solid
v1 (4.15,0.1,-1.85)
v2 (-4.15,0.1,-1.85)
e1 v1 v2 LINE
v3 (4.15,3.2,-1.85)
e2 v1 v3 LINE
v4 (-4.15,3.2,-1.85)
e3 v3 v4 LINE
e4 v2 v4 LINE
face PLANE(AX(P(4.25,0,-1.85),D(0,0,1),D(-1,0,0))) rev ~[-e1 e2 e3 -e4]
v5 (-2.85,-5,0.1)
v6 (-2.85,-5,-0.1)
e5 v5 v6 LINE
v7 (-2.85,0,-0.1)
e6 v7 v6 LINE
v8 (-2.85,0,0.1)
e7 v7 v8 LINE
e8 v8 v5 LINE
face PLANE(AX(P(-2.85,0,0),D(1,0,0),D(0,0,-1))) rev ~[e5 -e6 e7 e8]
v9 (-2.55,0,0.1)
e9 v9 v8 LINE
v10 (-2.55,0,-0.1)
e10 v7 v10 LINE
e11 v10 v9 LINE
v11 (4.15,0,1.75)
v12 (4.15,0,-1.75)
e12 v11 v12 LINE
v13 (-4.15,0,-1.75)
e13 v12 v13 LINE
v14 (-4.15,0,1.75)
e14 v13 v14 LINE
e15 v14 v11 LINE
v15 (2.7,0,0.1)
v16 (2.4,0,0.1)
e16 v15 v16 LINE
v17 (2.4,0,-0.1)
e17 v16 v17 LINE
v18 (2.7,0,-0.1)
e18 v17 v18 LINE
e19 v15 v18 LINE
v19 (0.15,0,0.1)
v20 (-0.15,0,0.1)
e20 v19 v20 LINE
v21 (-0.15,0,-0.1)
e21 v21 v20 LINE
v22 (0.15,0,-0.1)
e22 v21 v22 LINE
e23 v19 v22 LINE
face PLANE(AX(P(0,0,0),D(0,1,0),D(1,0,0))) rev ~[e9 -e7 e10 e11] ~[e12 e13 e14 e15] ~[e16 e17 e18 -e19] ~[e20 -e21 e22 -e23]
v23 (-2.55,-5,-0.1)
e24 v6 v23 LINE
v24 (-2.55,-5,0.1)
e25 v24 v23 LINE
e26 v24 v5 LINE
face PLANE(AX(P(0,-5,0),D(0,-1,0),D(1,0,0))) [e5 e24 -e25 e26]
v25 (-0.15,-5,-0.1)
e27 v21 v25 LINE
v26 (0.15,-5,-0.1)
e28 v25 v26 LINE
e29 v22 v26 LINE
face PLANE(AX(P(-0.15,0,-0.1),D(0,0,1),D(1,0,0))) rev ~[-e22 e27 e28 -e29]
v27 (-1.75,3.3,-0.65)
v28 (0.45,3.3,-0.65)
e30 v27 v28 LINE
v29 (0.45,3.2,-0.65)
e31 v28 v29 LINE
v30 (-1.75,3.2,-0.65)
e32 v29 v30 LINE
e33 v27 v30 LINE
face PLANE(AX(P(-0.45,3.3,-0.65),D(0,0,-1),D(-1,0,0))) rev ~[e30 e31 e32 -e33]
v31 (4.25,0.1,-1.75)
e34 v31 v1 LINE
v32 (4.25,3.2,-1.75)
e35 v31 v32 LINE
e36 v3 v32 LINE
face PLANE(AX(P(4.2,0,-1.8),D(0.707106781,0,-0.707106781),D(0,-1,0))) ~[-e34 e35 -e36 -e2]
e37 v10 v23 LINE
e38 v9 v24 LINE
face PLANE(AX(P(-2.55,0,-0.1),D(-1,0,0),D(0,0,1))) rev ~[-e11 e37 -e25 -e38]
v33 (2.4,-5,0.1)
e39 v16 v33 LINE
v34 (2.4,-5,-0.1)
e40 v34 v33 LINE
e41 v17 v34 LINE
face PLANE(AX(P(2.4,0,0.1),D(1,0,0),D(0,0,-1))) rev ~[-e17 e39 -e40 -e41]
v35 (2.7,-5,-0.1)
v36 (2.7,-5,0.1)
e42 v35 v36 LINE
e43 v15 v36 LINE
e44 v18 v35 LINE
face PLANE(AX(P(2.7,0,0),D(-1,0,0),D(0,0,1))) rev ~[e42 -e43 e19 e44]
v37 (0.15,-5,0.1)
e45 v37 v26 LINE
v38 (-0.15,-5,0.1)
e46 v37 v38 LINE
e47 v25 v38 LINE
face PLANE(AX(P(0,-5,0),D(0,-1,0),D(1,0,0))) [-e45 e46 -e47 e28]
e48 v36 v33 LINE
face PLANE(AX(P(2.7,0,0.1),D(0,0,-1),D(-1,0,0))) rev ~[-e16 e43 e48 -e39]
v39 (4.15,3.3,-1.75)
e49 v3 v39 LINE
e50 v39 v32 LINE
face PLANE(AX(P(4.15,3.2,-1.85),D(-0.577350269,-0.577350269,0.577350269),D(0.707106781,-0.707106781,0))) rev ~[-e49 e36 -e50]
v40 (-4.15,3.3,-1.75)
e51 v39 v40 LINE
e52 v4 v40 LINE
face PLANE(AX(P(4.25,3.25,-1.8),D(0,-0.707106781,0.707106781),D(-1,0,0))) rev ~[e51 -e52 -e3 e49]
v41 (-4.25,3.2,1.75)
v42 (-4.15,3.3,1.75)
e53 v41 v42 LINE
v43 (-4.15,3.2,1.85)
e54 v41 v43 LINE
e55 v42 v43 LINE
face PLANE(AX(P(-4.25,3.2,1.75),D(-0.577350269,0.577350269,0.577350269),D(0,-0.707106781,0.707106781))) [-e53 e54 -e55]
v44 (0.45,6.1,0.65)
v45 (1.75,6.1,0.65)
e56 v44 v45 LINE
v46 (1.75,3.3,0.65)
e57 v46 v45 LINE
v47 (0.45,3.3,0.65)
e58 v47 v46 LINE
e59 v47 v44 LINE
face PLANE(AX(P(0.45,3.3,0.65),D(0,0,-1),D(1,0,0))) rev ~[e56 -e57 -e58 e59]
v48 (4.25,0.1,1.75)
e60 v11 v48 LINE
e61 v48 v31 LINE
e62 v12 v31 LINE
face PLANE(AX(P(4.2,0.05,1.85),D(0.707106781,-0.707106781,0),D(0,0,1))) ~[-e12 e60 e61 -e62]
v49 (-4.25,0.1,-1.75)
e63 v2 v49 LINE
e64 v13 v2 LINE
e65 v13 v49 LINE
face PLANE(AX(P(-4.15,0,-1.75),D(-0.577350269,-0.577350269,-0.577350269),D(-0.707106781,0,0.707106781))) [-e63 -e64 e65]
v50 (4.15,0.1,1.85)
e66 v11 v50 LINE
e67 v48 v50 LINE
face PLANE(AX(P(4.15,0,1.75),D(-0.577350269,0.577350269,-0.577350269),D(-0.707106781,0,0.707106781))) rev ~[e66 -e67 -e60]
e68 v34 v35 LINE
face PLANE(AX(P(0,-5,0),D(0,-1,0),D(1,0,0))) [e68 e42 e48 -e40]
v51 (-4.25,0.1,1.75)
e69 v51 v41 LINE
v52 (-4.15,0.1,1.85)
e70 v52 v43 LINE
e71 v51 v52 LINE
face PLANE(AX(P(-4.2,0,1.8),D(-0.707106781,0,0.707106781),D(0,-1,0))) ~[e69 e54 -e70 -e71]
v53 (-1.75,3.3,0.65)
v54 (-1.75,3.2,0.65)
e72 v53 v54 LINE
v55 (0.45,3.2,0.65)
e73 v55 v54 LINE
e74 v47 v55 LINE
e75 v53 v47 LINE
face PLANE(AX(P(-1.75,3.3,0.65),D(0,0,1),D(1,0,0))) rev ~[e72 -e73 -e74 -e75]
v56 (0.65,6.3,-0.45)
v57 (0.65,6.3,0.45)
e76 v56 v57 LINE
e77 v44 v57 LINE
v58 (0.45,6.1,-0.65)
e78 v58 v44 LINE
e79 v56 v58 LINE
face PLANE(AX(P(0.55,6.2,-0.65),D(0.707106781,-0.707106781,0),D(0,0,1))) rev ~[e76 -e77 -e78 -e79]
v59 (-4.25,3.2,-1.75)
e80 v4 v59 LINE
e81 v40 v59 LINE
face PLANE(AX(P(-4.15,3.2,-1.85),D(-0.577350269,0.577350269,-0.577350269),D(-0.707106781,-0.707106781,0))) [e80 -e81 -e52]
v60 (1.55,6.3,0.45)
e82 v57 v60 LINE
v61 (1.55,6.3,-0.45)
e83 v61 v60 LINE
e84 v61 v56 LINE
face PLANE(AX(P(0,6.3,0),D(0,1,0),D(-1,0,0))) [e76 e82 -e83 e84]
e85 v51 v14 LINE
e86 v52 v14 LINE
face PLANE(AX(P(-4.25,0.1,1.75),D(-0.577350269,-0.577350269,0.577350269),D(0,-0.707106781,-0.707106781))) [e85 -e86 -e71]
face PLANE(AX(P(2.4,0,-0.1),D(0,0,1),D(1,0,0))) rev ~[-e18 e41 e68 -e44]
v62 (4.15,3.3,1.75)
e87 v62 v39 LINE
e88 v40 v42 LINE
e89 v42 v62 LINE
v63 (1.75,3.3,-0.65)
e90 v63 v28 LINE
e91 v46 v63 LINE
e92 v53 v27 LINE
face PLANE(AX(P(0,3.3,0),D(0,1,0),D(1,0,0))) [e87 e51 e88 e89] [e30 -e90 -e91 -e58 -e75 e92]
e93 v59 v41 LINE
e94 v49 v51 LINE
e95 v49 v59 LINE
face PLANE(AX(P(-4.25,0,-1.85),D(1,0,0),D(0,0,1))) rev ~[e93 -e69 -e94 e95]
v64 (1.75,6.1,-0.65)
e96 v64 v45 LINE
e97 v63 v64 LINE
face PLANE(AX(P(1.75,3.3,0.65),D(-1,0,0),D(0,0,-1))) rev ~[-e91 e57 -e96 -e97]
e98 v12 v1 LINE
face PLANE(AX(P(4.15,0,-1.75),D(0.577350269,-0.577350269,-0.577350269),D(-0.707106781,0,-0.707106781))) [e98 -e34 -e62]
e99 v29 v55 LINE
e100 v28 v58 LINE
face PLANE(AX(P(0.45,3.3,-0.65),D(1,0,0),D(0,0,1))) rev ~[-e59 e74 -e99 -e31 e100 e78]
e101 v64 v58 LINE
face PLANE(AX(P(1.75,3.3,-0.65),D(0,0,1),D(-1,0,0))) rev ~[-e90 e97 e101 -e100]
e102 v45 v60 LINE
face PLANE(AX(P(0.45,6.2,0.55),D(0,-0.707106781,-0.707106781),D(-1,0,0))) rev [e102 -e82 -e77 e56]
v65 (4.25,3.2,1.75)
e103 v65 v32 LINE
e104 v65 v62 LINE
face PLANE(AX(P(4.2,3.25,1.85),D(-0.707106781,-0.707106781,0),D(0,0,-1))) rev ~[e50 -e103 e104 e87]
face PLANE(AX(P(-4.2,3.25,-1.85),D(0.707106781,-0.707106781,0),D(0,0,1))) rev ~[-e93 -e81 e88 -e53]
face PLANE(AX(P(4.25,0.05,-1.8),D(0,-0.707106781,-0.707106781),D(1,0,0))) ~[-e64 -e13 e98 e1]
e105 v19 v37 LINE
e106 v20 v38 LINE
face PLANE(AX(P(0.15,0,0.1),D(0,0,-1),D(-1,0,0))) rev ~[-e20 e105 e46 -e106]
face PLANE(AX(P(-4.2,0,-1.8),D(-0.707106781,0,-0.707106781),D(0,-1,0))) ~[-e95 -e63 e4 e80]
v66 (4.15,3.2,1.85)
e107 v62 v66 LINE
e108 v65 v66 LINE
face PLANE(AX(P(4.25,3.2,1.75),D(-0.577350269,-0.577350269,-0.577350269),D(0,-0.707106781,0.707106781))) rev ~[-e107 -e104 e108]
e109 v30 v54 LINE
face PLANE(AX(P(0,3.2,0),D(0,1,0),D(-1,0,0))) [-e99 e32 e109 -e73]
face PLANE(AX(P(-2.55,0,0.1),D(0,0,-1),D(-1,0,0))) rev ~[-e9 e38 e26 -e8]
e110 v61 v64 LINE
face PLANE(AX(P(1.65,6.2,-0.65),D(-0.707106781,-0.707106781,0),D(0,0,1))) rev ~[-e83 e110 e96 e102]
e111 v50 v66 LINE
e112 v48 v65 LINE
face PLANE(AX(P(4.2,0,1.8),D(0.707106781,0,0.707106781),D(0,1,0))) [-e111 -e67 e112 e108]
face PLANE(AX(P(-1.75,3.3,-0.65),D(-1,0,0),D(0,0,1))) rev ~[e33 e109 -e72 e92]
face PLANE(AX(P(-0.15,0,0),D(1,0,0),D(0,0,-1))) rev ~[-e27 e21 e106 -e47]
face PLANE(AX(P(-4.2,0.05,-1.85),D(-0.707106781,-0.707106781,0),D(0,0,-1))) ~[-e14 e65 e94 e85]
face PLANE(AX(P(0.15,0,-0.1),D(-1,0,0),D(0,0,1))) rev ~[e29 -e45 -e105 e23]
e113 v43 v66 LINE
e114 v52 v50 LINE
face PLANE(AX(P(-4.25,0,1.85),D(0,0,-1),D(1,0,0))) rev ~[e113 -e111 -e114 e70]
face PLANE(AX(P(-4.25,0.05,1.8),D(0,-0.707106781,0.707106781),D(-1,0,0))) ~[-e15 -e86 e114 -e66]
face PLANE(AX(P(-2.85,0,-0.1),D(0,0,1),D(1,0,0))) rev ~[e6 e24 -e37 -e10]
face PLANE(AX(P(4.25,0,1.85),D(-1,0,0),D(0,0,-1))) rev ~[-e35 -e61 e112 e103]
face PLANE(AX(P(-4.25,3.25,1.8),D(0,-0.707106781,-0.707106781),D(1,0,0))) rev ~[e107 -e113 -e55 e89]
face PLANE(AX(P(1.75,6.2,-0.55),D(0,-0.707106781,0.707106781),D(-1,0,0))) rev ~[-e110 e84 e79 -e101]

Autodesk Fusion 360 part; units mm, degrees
sketch "Sketch1" plane through (0, 0, 0) normal (0, 1, 0) x (1, 0, 0)
  line L0 (4.25, 1.85) -> (-4.25, 1.85)
  line L1 (-4.25, 1.85) -> (-4.25, -1.85)
  line L2 (-4.25, -1.85) -> (4.25, -1.85)
  line L3 (4.25, -1.85) -> (4.25, 1.85)
  line L4 (4.25, 1.85) -> (-4.25, -1.85) construction
  line L5 (-4.25, 1.85) -> (4.25, -1.85) construction
  dimension "d1" = 8.5
  dimension "d2" = 3.7
extrude "Extrude1" add sketch "Sketch1" along normal blind 3.3
sketch "Sketch2" plane through (0, 3.3, 0) normal (0, 1, 0) x (-1, 0, 0)
  line L0 (-4.25, 1.85) -> (-4.25, -1.85)
  line L1 (-4.25, -1.85) -> (4.25, -1.85)
  line L2 (4.25, -1.85) -> (4.25, 1.85)
  line L3 (4.25, 1.85) -> (-4.25, 1.85)
  line L4 (-4.25, 0) -> (-1.75, 0)
  line L5 (-1.75, 0) -> (-1.1, 0)
  line L6 (-1.75, -0.65) -> (-0.45, -0.65)
  line L7 (-0.45, -0.65) -> (-0.45, 0.65)
  line L8 (-0.45, 0.65) -> (-1.75, 0.65)
  line L9 (-1.75, 0.65) -> (-1.75, -0.65)
  line L10 (-1.75, -0.65) -> (-0.45, 0.65) construction
  line L11 (-0.45, -0.65) -> (-1.75, 0.65) construction
  line L12 (4.25, 0) -> (1.75, 0)
  line L13 (1.75, 0) -> (1.1, 0)
  line L14 (0.45, -0.65) -> (1.75, -0.65)
  line L15 (1.75, -0.65) -> (1.75, 0.65)
  line L16 (1.75, 0.65) -> (0.45, 0.65)
  line L17 (0.45, 0.65) -> (0.45, -0.65)
  line L18 (0.45, -0.65) -> (1.75, 0.65) construction
  line L19 (1.75, -0.65) -> (0.45, 0.65) construction
  line L20 (0.45, -0.65) -> (-0.45, -0.65)
  line L21 (0.45, 0.65) -> (-0.45, 0.65)
  point P0 (-1.1, 0)
  point P1 (1.1, 0)
  dimension "d5" = 2.5
  dimension "d6" = 0.65
  dimension "d7" = 1.3
  dimension "d8" = 1.3
  dimension "d9" = 2.5
  dimension "d10" = 0.65
  dimension "d11" = 1.3
  dimension "d12" = 1.3
extrude "Extrude2" cut sketch "Sketch2" against normal blind 0.1 contours L14 L15 L16 L17 | L7 L17 L20 L21
extrude "Extrude3" add sketch "Sketch2" along normal blind 3 contours L6 L7 L8 L9
chamfer "Chamfer1" distance 0.2 angle 45 4 edges at (1.1, 6.3, 0.65) (0.45, 6.3, 0) (1.1, 6.3, -0.65) (1.75, 6.3, 0)
chamfer "Chamfer2" distance 0.1 angle 45 12 edges at (0, 3.3, 1.85) (4.25, 3.3, 0) (-4.25, 3.3, 0) (0, 3.3, -1.85) (4.25, 1.65, 1.85) (4.25, 1.65, -1.85) (4.25, 0, 0) (0, 0, 1.85) (-4.25, 1.65, 1.85) (-4.25, 1.65, -1.85) (0, 0, -1.85) (-4.25, 0, 0)
sketch "Sketch3" plane through (0, 0, 0) normal (0, -1, 0) x (1, 0, 0)
  line L0 (-4.15, -1.75) -> (4.15, -1.75)
  line L1 (4.15, -1.75) -> (4.15, 1.75)
  line L2 (4.15, 1.75) -> (-4.15, 1.75)
  line L3 (-4.15, 1.75) -> (-4.15, -1.75)
  line L4 (0.15, 0.1) -> (-0.15, 0.1)
  line L5 (-0.15, 0.1) -> (-0.15, -0.1)
  line L6 (-0.15, -0.1) -> (0.15, -0.1)
  line L7 (0.15, -0.1) -> (0.15, 0.1)
  line L8 (0.15, 0.1) -> (-0.15, -0.1) construction
  line L9 (-0.15, 0.1) -> (0.15, -0.1) construction
  line L10 (0, 0) -> (2.7, 0)
  line L11 (2.7, 0) -> (2.55, 0)
  line L12 (2.7, 0.1) -> (2.4, 0.1)
  line L13 (2.4, 0.1) -> (2.4, -0.1)
  line L14 (2.4, -0.1) -> (2.7, -0.1)
  line L15 (2.7, -0.1) -> (2.7, 0.1)
  line L16 (2.7, 0.1) -> (2.4, -0.1) construction
  line L17 (2.4, 0.1) -> (2.7, -0.1) construction
  line L18 (-0.15, 0) -> (-2.85, 0)
  line L19 (-2.85, 0) -> (-2.7, 0)
  line L20 (-2.55, 0.1) -> (-2.85, 0.1)
  line L21 (-2.85, 0.1) -> (-2.85, -0.1)
  line L22 (-2.85, -0.1) -> (-2.55, -0.1)
  line L23 (-2.55, -0.1) -> (-2.55, 0.1)
  line L24 (-2.55, 0.1) -> (-2.85, -0.1) construction
  line L25 (-2.85, 0.1) -> (-2.55, -0.1) construction
  point P0 (2.55, 0)
  point P1 (-2.7, 0)
  dimension "d19" = 0.3
  dimension "d20" = 0.2
  dimension "d23" = 2.7
  dimension "d24" = 0.15
  dimension "d25" = 0.3
  dimension "d26" = 0.2
  dimension "d27" = 2.7
  dimension "d28" = 0.15
  dimension "d29" = 0.3
  dimension "d30" = 0.2
extrude "Extrude4" add sketch "Sketch3" along normal blind 5 contours L4 L5 L6 L7
extrude "Extrude5" add sketch "Sketch3" along normal blind 5 contours L18 L19 L21 L22 L23 | L18 L19 L20 L21 L23
extrude "Extrude6" add sketch "Sketch3" along normal blind 5 contours L10 L11 L12 L13 L15 | L10 L11 L13 L14 L15
